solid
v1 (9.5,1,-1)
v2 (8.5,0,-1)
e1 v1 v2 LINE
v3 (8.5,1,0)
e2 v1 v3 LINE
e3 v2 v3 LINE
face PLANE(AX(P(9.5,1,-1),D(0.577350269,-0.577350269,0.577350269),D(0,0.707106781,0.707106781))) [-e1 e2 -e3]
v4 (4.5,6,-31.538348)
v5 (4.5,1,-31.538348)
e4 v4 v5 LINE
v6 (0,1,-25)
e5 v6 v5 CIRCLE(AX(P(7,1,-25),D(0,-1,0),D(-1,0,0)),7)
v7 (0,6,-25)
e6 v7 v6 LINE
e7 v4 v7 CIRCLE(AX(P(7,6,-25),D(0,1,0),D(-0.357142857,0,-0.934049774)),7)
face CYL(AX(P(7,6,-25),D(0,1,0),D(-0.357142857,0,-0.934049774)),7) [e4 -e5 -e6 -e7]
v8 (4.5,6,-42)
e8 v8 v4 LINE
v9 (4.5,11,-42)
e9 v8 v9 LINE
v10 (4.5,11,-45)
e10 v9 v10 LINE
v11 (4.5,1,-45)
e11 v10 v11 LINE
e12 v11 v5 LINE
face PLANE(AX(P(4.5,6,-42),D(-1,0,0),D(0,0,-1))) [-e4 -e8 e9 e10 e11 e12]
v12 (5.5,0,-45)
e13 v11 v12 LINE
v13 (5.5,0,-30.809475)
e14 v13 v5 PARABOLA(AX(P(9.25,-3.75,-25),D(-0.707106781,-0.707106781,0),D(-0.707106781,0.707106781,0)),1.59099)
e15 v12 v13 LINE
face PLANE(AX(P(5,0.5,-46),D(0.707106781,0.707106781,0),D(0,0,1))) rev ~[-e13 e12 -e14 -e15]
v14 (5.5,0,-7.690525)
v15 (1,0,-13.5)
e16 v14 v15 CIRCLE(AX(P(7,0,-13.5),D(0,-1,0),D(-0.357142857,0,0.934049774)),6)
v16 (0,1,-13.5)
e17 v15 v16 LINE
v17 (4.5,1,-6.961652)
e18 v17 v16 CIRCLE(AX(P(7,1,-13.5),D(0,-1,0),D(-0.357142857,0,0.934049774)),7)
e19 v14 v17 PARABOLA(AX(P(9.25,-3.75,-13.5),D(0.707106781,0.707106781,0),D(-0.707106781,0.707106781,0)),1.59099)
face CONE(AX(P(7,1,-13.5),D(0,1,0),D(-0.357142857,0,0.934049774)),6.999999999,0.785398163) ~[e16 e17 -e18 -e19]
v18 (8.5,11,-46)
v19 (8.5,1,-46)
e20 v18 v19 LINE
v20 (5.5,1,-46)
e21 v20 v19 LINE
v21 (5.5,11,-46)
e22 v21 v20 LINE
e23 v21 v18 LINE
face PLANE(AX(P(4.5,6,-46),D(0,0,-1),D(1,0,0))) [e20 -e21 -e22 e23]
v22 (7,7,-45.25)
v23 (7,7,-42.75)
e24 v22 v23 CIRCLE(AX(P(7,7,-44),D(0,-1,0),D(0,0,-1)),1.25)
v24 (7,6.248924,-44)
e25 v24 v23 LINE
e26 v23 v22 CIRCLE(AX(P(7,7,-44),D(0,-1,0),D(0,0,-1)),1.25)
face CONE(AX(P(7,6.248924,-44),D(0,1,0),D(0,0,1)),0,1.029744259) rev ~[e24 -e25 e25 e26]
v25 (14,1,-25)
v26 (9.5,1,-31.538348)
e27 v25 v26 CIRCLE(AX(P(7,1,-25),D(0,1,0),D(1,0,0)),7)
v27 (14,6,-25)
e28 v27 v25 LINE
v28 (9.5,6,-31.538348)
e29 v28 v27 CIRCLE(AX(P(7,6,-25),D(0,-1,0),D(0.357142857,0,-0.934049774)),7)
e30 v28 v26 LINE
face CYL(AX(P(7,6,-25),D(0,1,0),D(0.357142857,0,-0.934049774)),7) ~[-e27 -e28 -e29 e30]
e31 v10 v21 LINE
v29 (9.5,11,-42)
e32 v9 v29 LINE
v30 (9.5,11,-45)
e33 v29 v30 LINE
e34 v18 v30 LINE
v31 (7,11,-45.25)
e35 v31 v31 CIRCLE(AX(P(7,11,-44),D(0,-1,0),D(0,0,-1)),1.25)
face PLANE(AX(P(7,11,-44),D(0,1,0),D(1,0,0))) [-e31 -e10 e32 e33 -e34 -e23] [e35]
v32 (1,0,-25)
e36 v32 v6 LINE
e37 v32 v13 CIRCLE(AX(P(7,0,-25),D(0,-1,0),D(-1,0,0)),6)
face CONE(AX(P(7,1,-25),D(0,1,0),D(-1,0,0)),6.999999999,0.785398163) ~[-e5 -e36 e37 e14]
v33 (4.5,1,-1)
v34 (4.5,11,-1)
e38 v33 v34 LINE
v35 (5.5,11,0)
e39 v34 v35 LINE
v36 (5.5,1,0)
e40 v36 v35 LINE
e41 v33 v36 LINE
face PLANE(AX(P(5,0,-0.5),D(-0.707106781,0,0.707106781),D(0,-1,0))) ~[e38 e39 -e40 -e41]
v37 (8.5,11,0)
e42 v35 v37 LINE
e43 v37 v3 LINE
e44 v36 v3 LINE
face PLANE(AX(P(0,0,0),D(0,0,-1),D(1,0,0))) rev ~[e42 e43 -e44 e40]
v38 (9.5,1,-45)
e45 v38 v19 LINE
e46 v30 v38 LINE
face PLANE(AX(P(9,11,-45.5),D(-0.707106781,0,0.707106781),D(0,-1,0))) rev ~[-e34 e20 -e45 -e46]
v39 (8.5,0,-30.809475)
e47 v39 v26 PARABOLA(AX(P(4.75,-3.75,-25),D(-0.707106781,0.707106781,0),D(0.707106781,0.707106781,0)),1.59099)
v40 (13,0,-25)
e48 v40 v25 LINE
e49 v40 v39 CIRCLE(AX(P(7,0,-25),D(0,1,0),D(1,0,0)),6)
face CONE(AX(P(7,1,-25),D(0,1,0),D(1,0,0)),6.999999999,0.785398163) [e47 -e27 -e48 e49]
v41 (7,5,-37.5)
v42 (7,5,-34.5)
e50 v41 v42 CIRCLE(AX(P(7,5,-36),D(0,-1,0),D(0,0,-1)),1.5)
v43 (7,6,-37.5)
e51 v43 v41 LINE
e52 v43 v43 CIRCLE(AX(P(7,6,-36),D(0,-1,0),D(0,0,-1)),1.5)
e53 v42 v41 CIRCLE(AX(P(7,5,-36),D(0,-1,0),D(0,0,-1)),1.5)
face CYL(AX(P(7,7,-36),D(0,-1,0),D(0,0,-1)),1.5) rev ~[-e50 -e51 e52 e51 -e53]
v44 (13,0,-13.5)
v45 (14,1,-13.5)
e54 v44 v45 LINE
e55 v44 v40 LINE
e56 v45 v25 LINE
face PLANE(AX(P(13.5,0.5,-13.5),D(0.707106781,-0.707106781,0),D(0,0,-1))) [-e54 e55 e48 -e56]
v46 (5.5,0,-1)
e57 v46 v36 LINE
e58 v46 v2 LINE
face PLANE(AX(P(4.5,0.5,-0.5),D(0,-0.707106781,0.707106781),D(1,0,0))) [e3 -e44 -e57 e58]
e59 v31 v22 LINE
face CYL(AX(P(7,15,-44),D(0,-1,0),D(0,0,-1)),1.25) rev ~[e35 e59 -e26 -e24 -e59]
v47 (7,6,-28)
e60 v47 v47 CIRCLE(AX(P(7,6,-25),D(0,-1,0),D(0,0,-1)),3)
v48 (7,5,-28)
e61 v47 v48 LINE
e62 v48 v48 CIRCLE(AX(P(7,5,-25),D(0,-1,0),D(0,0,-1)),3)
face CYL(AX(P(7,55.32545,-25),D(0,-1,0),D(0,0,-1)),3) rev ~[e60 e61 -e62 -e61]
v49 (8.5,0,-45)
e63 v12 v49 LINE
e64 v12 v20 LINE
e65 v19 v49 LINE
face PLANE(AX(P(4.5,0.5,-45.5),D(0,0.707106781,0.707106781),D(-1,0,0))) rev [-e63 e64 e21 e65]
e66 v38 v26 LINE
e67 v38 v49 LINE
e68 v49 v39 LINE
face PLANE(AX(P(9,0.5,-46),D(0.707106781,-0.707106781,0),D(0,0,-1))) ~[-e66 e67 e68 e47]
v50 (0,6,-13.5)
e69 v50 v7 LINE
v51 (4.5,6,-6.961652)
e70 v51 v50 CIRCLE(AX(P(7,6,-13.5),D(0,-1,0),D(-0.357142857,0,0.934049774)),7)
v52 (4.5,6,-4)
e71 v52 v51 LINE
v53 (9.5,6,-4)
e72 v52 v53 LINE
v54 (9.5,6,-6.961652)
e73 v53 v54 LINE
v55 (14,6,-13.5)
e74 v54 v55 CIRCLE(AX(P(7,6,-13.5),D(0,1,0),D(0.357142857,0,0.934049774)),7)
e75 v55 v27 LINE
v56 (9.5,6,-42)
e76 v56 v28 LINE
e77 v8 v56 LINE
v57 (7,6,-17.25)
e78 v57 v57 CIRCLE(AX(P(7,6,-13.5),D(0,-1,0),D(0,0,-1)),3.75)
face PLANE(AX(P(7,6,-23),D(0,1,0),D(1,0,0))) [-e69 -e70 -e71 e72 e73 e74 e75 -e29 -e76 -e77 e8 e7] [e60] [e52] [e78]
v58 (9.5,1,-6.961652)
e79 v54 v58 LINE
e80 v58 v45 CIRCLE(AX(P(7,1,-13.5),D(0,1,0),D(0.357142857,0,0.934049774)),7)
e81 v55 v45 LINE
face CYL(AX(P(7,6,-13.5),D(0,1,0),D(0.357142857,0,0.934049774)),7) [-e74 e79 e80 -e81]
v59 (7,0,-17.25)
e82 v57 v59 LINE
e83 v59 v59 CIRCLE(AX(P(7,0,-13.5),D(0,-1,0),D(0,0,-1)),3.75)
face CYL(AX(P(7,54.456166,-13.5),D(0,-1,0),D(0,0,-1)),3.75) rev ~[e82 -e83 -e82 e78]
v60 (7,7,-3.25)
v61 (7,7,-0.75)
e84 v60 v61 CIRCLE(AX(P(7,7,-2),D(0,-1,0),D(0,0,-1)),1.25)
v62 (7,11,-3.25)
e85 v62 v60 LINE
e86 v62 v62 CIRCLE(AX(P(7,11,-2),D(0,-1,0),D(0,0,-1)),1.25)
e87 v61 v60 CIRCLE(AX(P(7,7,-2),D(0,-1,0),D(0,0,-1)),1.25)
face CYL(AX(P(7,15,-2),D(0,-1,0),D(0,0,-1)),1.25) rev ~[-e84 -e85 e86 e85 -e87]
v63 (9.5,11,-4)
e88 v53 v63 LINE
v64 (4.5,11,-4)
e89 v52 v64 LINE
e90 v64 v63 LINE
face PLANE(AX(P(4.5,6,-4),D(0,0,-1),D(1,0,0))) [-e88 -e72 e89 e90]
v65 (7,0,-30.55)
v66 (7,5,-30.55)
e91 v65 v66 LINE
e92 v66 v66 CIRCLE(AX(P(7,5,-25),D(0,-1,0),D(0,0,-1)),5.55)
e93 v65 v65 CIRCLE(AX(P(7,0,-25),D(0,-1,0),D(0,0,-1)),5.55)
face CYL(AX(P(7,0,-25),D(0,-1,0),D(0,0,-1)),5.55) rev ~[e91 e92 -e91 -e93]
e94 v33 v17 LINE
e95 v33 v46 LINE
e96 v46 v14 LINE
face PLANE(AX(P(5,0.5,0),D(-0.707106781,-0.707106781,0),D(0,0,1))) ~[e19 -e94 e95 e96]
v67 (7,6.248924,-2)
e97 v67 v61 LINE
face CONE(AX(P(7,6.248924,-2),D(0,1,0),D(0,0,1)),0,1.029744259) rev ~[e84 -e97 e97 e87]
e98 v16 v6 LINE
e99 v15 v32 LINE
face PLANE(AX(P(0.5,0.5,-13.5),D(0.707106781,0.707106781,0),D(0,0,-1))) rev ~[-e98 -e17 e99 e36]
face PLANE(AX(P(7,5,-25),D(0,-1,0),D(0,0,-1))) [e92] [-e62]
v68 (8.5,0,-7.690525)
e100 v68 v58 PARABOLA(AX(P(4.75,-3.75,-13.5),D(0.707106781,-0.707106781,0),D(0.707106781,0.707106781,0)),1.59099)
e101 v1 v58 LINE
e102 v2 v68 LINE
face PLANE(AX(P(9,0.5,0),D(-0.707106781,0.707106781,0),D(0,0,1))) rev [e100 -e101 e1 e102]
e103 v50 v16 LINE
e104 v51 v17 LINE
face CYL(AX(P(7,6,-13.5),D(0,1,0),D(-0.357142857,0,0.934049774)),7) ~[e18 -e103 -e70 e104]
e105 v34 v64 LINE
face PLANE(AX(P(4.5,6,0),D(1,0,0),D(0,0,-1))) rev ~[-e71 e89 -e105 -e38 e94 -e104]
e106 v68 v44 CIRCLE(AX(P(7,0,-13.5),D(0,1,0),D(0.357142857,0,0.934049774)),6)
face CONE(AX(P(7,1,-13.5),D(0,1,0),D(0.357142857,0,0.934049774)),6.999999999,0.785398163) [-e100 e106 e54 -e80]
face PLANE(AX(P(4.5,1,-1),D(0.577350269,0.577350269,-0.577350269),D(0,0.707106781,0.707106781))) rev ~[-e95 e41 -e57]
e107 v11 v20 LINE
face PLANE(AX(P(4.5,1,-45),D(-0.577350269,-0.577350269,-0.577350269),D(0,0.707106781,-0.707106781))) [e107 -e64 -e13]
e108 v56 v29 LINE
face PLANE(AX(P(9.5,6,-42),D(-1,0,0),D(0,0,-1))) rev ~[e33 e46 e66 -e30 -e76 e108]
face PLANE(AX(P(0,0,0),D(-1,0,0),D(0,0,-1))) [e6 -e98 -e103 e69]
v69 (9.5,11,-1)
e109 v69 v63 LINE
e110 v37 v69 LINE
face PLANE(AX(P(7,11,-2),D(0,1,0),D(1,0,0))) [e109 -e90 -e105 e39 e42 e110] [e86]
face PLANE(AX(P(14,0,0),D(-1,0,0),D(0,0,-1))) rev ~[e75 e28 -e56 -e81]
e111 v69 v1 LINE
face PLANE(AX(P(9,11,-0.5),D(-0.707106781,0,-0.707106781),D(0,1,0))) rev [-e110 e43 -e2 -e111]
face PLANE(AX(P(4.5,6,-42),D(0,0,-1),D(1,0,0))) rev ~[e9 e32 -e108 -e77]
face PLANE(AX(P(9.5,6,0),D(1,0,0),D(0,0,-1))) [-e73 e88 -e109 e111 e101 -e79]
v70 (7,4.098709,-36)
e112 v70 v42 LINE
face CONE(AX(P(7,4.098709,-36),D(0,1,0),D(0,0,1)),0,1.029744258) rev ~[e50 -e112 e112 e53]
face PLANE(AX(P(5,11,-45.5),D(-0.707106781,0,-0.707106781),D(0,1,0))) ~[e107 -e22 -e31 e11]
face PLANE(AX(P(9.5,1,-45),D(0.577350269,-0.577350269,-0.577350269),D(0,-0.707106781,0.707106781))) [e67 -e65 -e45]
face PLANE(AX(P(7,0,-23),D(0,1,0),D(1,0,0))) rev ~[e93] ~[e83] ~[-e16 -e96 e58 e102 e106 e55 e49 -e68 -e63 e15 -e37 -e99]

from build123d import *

# Parameters (mm, degrees)
ESBO_O2_W                                   = 14
ESBO_O2_H                                   = 46
RESSALTO_EXTRUS_O1_DEPTH                    = 6
CORTE_EXTRUS_O1_DEPTH                       = 49.456165758
FURO_DE_DI_METRO_7_5_7_5_1_D                = 7.5
CORTE_EXTRUS_O2_DEPTH                       = 49.456165758
ESBO_O10_W                                  = 5
ESBO_O10_H                                  = 4
RESSALTO_EXTRUS_O2_DEPTH                    = 5
BROCA_DE_ROSQUEAR_PARA_TARRAXA_DE_M31_D     = 2.5
BROCA_DE_ROSQUEAR_PARA_TARRAXA_DE_M31_DEPTH = 4
BROCA_DE_ROSQUEAR_PARA_TARRAXA_DE_M31_TIP   = 0.751075774
FURO_DE_DI_METRO_6_0_6_1_D                  = 6
CHANFRO1_SIZE                               = 1
FURO_DE_DI_METRO_3_0_3_1_D                  = 3
FURO_DE_DI_METRO_3_0_3_1_DEPTH              = 1
FURO_DE_DI_METRO_3_0_3_1_TIP                = 0.901290929
ESBO_O14_R                                  = 5.55
CORTE_EXTRUS_O4_DEPTH                       = 5


with BuildPart() as part:
    # Esboço2 → Ressalto-extrusão1 (new body)
    with BuildSketch(Plane(origin=(0, 0, 0), x_dir=(1, 0, 0), z_dir=(0, 1, 0))):
        with Locations((7, 23)):
            Rectangle(ESBO_O2_W, ESBO_O2_H)
    extrude(amount=RESSALTO_EXTRUS_O1_DEPTH)

    # Esboço6 → Corte-extrusão1 (cut, through all)
    with BuildSketch(Plane(origin=(0, 6, 0), x_dir=(1, 0, 0), z_dir=(0, 1, 0))):
        with BuildLine():
            Line((4.5, 46), (4.5, 31.538348415))
            ThreePointArc((4.5, 31.538348415), (1.233718703, 28.968626967), (0, 25))
            Line((0, 25), (0, 46))
            Line((0, 46), (4.5, 46))
        make_face()
        with BuildLine():
            Line((9.5, 46), (9.5, 31.538348415))
            ThreePointArc((9.5, 31.538348415), (12.766281297, 28.968626967), (14, 25))
            Line((14, 25), (14, 46))
            Line((14, 46), (9.5, 46))
        make_face()
    extrude(amount=-CORTE_EXTRUS_O1_DEPTH, mode=Mode.SUBTRACT)

    # Furo de diâmetro Ø7.5 (7.5)1 (through all)
    with Locations(Plane(origin=(7, 6, -13.5), x_dir=(0, 0, 1), z_dir=(0, 1, 0))):
        with Locations((0, 0)):
            Hole(FURO_DE_DI_METRO_7_5_7_5_1_D / 2)

    # Esboço9 → Corte-extrusão2 (cut, through all)
    with BuildSketch(Plane(origin=(0, 6, 0), x_dir=(1, 0, 0), z_dir=(0, 1, 0))):
        with BuildLine():
            Line((0, 13.5), (0, 0))
            Line((0, 0), (4.5, 0))
            Line((4.5, 0), (4.5, 6.961651585))
            ThreePointArc((4.5, 6.961651585), (1.233718703, 9.531373033), (0, 13.5))
        make_face()
        with BuildLine():
            Line((9.5, 0), (9.5, 6.961651585))
            ThreePointArc((9.5, 6.961651585), (12.766281297, 9.531373033), (14, 13.5))
            Line((14, 13.5), (14, 0))
            Line((14, 0), (9.5, 0))
        make_face()
    extrude(amount=-CORTE_EXTRUS_O2_DEPTH, mode=Mode.SUBTRACT)

    # Esboço10 → Ressalto-extrusão2 (add)
    with BuildSketch(Plane(origin=(0, 6, 0), x_dir=(1, 0, 0), z_dir=(0, 1, 0))):
        with Locations((7, 44)):
            Rectangle(ESBO_O10_W, ESBO_O10_H)
        with Locations((7, 2)):
            Rectangle(ESBO_O10_W, ESBO_O10_H)
    extrude(amount=RESSALTO_EXTRUS_O2_DEPTH)

    # Broca de rosquear para tarraxa de M31
    with Locations(Plane(origin=(7, 11, -2), x_dir=(0, 0, 1), z_dir=(0, 1, 0))):
        with Locations((0, 0), (-42, 0)):
            Hole(BROCA_DE_ROSQUEAR_PARA_TARRAXA_DE_M31_D / 2, depth=BROCA_DE_ROSQUEAR_PARA_TARRAXA_DE_M31_DEPTH)
            with Locations((0, 0, -(BROCA_DE_ROSQUEAR_PARA_TARRAXA_DE_M31_DEPTH + BROCA_DE_ROSQUEAR_PARA_TARRAXA_DE_M31_TIP / 2))):  # 118° drill point
                Cone(0, BROCA_DE_ROSQUEAR_PARA_TARRAXA_DE_M31_D / 2, BROCA_DE_ROSQUEAR_PARA_TARRAXA_DE_M31_TIP, mode=Mode.SUBTRACT)

    # Furo de diâmetro Ø6.0 (6)1 (through all)
    with Locations(Plane(origin=(7, 6, -25), x_dir=(0, 0, 1), z_dir=(0, 1, 0))):
        with Locations((0, 0)):
            Hole(FURO_DE_DI_METRO_6_0_6_1_D / 2)

    # Chanfro1
    chanfro1_edges = [part.edges().sort_by_distance(p)[0] for p in [
        (0, 0, -19.25),
        (7, 0, -46),
        (9.5, 5.5, -46),
        (12.766281297, 0, -28.968626967),
        (9.5, 0, -38.769174208),
        (4.5, 0, -38.769174208),
        (4.5, 5.5, -46),
        (1.233718703, 0, -28.968626967),
        (14, 0, -19.25),
        (7, 0, 0),
        (1.233718703, 0, -9.531373033),
        (4.5, 0, -3.480825792),
        (4.5, 5.5, 0),
        (9.5, 0, -3.480825792),
        (9.5, 5.5, 0),
        (12.766281297, 0, -9.531373033),
    ]]
    chamfer(chanfro1_edges, length=CHANFRO1_SIZE)

    # Furo de diâmetro Ø3.0 (3)1
    with Locations(Plane(origin=(7, 6, -36), x_dir=(0, 0, 1), z_dir=(0, 1, 0))):
        with Locations((0, 0)):
            Hole(FURO_DE_DI_METRO_3_0_3_1_D / 2, depth=FURO_DE_DI_METRO_3_0_3_1_DEPTH)
            with Locations((0, 0, -(FURO_DE_DI_METRO_3_0_3_1_DEPTH + FURO_DE_DI_METRO_3_0_3_1_TIP / 2))):  # 118° drill point
                Cone(0, FURO_DE_DI_METRO_3_0_3_1_D / 2, FURO_DE_DI_METRO_3_0_3_1_TIP, mode=Mode.SUBTRACT)

    # Esboço14 → Corte-extrusão4 (cut)
    with BuildSketch(Plane.XZ):
        with Locations(Location((7, -25, 0), (0, 0, 270))):
            Circle(ESBO_O14_R)
    extrude(amount=-CORTE_EXTRUS_O4_DEPTH, mode=Mode.SUBTRACT)


solid = part.part
